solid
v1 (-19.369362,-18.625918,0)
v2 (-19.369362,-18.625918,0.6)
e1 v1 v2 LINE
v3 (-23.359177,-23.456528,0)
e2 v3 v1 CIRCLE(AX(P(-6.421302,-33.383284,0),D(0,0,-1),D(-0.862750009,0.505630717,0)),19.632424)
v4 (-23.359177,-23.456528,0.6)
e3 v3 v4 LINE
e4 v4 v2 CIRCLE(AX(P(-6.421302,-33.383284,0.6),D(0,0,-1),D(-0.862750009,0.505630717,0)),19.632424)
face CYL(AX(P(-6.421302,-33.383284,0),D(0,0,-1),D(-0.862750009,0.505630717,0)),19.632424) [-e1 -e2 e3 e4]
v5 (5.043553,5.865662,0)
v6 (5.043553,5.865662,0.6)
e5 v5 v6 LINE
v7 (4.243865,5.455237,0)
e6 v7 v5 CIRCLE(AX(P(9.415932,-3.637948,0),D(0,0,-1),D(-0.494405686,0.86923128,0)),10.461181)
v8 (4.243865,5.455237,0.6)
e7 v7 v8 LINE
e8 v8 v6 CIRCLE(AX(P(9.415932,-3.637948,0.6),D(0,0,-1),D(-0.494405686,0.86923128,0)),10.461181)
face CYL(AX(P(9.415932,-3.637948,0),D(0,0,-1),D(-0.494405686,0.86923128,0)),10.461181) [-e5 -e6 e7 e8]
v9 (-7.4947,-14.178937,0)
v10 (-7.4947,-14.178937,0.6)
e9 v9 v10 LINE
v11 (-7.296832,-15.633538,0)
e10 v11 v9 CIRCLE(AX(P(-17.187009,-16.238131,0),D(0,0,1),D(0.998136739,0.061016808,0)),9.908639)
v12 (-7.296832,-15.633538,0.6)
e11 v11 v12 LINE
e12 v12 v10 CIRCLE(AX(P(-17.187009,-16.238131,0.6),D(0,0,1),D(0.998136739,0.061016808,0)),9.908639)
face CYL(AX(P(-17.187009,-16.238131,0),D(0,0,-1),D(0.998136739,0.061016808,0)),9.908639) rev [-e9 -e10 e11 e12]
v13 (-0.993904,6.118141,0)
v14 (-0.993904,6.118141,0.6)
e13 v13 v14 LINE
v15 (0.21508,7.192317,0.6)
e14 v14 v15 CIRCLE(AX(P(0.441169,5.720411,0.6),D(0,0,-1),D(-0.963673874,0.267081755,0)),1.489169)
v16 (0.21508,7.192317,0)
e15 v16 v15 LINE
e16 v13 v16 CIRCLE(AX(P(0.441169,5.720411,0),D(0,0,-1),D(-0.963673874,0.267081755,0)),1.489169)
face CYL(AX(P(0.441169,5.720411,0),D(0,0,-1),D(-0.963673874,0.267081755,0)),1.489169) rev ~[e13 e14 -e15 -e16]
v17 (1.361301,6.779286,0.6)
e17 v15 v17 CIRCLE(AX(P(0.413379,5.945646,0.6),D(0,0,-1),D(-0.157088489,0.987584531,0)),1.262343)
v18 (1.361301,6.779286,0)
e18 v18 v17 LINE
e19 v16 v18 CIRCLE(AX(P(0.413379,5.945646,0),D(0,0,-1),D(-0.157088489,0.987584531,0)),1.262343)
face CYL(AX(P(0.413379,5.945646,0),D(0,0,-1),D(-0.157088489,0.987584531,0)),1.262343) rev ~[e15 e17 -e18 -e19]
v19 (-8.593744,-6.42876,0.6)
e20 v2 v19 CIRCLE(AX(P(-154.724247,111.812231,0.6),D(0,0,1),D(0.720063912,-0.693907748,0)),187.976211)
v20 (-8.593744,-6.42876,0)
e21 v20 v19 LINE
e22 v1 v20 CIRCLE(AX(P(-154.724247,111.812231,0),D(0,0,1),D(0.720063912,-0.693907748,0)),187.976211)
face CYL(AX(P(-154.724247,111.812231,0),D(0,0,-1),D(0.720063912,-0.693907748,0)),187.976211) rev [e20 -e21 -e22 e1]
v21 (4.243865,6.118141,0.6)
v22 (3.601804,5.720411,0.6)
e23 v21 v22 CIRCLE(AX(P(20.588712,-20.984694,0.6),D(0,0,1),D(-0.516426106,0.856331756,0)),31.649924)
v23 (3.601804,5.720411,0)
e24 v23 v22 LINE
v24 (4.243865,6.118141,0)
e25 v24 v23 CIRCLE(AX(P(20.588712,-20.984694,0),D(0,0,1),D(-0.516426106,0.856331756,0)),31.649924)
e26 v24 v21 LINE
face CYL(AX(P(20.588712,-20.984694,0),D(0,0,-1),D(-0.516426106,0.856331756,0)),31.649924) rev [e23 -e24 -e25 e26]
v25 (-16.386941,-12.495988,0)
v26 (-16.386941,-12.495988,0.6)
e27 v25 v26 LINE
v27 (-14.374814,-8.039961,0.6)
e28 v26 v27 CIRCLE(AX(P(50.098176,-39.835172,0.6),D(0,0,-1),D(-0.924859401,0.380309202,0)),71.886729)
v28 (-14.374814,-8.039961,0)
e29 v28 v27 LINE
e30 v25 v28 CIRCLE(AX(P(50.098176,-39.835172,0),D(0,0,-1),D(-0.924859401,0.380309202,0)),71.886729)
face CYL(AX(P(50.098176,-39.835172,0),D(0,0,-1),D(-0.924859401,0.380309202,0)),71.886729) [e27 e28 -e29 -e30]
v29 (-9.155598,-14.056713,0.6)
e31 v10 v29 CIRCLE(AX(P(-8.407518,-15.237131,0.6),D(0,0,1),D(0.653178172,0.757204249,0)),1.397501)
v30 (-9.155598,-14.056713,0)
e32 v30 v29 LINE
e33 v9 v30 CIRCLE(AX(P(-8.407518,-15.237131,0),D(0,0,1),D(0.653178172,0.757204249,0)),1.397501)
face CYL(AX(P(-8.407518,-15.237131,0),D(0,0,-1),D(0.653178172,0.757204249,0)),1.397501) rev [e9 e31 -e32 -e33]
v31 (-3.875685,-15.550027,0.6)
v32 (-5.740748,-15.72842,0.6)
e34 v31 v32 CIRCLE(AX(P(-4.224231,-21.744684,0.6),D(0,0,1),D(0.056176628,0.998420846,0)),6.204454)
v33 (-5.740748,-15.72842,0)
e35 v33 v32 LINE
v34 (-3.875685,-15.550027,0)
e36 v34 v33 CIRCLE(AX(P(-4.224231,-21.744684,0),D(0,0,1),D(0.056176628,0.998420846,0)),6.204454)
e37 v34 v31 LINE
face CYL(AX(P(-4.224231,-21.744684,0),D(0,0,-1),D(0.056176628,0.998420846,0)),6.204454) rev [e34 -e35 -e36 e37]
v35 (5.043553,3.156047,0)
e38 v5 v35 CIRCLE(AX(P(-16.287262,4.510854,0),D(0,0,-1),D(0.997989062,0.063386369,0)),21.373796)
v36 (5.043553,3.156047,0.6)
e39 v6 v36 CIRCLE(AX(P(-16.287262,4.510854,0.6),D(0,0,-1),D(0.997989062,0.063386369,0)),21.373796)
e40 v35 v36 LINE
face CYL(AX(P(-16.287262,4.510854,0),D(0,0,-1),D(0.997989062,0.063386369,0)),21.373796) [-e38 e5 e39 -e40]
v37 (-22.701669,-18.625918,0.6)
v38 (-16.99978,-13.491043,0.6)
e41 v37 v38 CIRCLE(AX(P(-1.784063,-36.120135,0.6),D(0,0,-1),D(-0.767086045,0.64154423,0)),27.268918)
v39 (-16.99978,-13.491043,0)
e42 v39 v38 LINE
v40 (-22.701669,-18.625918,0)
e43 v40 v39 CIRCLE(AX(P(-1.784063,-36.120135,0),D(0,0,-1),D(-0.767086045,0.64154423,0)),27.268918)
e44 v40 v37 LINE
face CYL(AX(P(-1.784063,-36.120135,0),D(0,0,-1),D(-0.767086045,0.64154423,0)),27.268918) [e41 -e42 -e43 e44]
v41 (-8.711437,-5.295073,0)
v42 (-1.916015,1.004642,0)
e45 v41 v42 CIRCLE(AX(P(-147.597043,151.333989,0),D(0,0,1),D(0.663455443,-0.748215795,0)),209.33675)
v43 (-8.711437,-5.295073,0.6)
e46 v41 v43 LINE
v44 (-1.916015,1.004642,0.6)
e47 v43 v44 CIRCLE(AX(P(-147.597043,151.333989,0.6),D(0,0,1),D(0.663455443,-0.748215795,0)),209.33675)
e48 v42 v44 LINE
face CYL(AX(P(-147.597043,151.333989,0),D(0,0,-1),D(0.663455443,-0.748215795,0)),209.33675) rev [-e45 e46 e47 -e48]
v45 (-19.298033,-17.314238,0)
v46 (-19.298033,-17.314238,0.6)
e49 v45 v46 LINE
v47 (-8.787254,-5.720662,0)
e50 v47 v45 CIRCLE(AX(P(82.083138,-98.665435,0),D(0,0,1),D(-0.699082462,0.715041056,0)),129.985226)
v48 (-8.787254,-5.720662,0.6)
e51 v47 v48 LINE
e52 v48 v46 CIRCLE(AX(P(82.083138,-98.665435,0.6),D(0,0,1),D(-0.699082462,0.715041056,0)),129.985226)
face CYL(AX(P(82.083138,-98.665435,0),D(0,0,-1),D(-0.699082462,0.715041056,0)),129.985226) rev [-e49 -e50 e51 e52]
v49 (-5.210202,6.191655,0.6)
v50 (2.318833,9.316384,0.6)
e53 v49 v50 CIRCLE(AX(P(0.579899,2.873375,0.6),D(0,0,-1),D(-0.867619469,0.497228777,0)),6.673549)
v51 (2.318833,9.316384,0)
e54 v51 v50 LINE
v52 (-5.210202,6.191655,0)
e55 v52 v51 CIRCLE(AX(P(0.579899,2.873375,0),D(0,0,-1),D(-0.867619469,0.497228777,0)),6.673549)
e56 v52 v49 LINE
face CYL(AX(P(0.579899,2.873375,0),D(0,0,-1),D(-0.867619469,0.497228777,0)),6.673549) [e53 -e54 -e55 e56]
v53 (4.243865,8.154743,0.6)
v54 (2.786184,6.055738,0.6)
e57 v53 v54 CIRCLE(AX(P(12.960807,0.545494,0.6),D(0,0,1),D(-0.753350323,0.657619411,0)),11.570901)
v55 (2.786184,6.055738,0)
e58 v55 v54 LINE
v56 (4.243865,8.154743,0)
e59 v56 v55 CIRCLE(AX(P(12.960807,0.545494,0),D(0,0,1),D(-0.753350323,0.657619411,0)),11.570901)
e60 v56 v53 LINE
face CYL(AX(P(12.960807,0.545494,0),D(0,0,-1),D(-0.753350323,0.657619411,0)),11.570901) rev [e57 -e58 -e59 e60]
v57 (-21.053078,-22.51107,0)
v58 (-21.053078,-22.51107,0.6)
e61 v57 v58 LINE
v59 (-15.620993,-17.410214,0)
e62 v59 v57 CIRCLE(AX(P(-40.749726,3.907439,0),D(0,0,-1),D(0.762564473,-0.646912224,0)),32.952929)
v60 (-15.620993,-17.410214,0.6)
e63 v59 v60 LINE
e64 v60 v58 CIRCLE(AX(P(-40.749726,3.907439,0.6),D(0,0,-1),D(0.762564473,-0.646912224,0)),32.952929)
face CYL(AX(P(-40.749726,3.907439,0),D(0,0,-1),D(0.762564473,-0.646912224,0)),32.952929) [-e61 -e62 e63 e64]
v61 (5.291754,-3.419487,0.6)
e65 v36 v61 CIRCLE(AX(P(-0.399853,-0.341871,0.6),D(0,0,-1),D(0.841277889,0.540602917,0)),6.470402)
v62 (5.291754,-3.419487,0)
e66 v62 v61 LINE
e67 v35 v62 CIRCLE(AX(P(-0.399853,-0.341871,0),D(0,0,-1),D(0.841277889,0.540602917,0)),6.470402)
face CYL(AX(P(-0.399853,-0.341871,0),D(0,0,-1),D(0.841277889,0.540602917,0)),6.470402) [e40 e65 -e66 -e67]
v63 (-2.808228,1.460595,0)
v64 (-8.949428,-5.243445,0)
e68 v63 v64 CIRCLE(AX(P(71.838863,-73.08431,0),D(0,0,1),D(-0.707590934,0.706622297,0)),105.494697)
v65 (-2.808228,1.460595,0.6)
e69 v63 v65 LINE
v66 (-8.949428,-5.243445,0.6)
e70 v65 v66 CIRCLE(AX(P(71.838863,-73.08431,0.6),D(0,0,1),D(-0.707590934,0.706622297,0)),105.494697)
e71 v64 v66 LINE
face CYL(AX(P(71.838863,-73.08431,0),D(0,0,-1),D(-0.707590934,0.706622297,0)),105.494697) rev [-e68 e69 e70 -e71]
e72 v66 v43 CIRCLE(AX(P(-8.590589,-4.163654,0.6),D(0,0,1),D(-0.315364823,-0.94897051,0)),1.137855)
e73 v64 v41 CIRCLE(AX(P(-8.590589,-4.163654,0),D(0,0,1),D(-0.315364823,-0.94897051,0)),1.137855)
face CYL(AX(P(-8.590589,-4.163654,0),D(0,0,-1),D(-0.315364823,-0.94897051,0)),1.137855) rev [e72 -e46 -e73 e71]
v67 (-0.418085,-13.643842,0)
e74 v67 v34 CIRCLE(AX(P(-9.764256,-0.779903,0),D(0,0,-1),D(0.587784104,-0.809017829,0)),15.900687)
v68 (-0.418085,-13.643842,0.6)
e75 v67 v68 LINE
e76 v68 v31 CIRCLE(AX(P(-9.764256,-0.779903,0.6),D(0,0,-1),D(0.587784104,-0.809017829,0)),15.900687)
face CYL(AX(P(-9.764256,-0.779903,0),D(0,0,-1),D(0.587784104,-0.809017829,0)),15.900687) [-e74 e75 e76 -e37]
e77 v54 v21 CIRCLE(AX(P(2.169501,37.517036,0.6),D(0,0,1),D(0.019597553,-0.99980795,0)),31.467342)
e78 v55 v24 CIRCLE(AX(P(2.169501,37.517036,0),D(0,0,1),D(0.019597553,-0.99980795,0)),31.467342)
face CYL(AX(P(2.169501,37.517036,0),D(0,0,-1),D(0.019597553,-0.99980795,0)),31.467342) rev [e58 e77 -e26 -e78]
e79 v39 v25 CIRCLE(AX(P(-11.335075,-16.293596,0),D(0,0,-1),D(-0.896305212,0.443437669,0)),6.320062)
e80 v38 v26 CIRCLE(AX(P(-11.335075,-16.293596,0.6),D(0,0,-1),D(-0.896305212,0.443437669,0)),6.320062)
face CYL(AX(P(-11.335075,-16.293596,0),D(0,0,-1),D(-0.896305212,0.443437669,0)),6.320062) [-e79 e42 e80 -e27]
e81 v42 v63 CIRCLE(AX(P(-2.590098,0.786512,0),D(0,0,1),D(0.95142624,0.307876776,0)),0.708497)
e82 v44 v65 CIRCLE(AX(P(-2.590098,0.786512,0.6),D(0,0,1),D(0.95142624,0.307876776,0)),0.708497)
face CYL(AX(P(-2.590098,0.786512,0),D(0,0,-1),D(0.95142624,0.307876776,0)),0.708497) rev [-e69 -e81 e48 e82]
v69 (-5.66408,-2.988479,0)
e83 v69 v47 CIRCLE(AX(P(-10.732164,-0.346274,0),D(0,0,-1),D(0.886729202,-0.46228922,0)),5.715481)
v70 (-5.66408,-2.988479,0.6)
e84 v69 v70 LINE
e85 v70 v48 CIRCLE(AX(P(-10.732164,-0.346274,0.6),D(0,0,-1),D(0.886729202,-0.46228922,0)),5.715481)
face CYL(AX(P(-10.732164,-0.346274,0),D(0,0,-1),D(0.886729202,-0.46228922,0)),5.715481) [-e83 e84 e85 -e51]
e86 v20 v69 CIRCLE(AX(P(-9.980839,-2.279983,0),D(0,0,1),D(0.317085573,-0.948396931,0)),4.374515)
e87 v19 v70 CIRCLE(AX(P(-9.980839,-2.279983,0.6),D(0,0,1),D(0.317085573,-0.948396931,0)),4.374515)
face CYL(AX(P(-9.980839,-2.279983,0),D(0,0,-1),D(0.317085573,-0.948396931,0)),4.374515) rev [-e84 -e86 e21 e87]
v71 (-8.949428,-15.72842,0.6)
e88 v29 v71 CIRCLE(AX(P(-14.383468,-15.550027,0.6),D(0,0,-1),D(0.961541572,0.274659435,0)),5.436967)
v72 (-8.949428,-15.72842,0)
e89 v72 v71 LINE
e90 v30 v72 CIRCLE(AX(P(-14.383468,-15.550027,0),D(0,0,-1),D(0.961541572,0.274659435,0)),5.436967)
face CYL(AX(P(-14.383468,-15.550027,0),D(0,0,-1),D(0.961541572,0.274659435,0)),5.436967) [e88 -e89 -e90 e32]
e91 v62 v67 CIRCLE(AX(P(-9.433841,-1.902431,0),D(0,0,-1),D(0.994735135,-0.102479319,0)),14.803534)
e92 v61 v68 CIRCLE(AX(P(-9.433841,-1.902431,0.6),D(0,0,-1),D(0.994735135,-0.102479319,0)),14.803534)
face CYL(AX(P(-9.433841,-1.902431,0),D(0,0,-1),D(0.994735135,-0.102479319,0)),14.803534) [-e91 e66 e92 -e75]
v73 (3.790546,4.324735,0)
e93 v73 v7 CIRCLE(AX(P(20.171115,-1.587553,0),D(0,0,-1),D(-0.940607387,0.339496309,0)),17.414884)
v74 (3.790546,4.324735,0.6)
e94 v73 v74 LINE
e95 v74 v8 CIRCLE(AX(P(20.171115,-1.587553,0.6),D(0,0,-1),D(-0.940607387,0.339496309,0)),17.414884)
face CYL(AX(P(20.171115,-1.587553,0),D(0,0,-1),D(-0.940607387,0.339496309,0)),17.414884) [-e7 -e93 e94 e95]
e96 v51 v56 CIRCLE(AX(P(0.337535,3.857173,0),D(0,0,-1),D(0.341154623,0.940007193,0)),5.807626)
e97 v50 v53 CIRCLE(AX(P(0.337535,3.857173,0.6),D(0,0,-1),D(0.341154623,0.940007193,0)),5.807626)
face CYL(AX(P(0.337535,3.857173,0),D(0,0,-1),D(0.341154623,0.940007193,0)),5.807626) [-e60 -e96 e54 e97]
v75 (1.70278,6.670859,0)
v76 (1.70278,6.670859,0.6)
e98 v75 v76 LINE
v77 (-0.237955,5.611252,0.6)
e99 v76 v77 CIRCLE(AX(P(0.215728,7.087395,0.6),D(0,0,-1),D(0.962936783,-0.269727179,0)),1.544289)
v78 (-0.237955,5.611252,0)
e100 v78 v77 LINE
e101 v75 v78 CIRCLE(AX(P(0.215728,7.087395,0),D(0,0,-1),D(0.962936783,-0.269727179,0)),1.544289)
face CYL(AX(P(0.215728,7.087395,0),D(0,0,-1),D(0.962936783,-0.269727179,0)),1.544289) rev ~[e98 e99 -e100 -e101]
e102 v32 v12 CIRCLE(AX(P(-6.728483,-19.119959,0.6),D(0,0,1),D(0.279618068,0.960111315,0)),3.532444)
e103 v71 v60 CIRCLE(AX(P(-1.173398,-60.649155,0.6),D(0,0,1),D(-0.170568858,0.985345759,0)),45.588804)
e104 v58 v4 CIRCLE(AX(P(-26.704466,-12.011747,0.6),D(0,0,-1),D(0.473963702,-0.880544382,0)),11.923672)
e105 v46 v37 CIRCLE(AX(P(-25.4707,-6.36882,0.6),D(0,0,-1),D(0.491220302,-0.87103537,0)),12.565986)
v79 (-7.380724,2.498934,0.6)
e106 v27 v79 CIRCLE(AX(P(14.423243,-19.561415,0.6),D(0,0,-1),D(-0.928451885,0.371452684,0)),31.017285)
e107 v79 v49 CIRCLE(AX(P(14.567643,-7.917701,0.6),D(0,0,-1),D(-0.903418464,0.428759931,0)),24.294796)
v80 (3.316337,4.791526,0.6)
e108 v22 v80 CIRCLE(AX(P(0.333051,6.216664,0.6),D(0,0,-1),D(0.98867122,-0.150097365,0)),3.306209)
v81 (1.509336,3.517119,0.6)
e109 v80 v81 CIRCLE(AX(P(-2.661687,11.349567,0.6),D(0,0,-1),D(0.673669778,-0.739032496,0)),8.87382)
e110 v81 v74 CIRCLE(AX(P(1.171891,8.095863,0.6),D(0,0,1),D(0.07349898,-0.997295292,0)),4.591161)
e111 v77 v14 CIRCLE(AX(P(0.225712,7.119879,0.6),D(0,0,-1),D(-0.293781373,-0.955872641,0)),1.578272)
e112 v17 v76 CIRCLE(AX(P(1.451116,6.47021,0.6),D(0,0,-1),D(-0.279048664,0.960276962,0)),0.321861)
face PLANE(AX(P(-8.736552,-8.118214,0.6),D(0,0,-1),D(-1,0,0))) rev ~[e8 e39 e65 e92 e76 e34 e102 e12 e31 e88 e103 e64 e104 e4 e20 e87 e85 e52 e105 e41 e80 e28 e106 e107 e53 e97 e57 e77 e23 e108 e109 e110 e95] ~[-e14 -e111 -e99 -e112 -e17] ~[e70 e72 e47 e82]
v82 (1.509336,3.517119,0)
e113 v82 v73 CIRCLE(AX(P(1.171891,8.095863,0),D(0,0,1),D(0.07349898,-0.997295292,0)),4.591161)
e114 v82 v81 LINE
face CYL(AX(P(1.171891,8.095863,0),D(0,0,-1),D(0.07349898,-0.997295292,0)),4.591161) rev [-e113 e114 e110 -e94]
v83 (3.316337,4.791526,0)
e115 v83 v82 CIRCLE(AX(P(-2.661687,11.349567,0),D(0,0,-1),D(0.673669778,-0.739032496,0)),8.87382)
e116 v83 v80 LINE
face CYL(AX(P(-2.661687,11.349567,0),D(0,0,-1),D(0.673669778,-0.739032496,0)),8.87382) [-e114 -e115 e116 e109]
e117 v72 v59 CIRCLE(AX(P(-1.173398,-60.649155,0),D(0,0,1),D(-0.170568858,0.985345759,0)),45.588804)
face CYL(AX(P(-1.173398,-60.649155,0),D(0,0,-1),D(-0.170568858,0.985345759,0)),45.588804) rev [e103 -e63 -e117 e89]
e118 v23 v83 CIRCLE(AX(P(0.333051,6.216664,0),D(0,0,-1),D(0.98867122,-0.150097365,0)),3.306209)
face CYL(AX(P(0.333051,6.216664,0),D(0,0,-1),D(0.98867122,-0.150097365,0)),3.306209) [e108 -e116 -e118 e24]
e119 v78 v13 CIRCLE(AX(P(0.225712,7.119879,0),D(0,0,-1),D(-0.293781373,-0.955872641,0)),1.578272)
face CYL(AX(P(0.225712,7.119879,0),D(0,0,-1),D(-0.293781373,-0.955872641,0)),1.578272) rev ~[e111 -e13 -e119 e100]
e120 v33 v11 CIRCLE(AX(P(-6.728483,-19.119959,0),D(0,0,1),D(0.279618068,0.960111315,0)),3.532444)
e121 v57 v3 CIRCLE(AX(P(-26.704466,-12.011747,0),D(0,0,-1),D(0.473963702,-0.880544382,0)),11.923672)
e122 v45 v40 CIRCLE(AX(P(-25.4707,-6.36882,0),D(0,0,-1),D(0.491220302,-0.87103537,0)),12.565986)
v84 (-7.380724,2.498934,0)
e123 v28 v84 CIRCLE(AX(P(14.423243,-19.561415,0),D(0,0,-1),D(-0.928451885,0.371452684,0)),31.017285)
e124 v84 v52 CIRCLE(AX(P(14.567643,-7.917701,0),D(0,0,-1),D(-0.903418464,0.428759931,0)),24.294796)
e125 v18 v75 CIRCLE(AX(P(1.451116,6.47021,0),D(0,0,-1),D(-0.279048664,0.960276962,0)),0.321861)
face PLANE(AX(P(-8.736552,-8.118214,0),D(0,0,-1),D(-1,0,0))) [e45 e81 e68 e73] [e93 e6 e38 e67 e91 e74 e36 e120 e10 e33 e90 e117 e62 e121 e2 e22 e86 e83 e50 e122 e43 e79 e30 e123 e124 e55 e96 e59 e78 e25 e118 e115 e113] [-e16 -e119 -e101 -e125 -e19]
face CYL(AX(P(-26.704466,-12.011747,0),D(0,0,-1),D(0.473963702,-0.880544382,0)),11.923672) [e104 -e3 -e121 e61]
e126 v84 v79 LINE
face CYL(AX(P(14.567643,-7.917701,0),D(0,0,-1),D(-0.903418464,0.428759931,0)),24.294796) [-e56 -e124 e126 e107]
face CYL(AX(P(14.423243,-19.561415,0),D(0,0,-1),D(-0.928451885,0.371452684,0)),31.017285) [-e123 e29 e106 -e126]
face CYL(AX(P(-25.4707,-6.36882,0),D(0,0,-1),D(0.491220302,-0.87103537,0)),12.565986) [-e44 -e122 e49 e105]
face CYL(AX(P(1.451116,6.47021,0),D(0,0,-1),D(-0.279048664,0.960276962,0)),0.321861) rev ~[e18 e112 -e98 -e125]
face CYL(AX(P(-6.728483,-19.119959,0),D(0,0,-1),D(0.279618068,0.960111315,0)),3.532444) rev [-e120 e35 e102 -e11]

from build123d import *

# Parameters (mm, degrees)
EXTRUDE_1_DEPTH = 0.6


with BuildPart() as part:
    # 스케치1 → 보스-돌출1 (new body)
    with BuildSketch(Plane.XY):
        with BuildLine():
            ThreePointArc((4.243865228, 6.118140931), (3.92164821, 5.921191263), (3.601804057, 5.720411047))
            ThreePointArc((3.601804057, 5.720411047), (3.493384012, 5.24542324), (3.316336948, 4.791526049))
            ThreePointArc((3.316336948, 4.791526049), (2.452686661, 4.097818684), (1.509336268, 3.517119312))
            ThreePointArc((1.509336268, 3.517119312), (2.704109532, 3.767922564), (3.790546418, 4.324735205))
            ThreePointArc((3.790546418, 4.324735205), (4.007319334, 4.893950514), (4.243865228, 5.455237077))
            ThreePointArc((4.243865228, 5.455237077), (4.639299082, 5.669042259), (5.043553271, 5.865661533))
            ThreePointArc((5.043553271, 5.865661533), (5.086534646, 4.510854203), (5.043553271, 3.156046874))
            ThreePointArc((5.043553271, 3.156046874), (6.065944614, -0.097812915), (5.291753627, -3.419486575))
            ThreePointArc((5.291753627, -3.419486575), (3.490836657, -9.120276828), (-0.418085028, -13.643842092))
            ThreePointArc((-0.418085028, -13.643842092), (-2.087490816, -14.704669315), (-3.875685356, -15.550027444))
            ThreePointArc((-3.875685356, -15.550027444), (-4.814989199, -15.5684183), (-5.740747963, -15.728420312))
            ThreePointArc((-5.740747963, -15.728420312), (-6.513490531, -15.594064313), (-7.296832392, -15.633537604))
            ThreePointArc((-7.296832392, -15.633537604), (-7.368791385, -14.902567754), (-7.494700457, -14.178936686))
            ThreePointArc((-7.494700457, -14.178936686), (-8.304954519, -13.843397992), (-9.155598119, -14.056713079))
            ThreePointArc((-9.155598119, -14.056713079), (-8.9873833, -14.884534295), (-8.949428325, -15.728420312))
            ThreePointArc((-8.949428325, -15.728420312), (-12.316982906, -16.443277918), (-15.620992713, -17.410213517))
            ThreePointArc((-15.620992713, -17.410213517), (-18.192390504, -20.114679115), (-21.053078027, -22.511069665))
            ThreePointArc((-21.053078027, -22.511069665), (-22.181356159, -23.04421905), (-23.359176817, -23.456527561))
            ThreePointArc((-23.359176817, -23.456527561), (-21.55820937, -20.881039072), (-19.369361534, -18.625918265))
            ThreePointArc((-19.369361534, -18.625918265), (-13.849484699, -12.644014904), (-8.593743971, -6.428759681))
            ThreePointArc((-8.593743971, -6.428759681), (-6.650317937, -5.116178912), (-5.664079914, -2.988478841))
            ThreePointArc((-5.664079914, -2.988478841), (-6.968956966, -4.648017071), (-8.787254134, -5.720661777))
            ThreePointArc((-8.787254134, -5.720661777), (-14.217270083, -11.359132573), (-19.298032623, -17.314237787))
            ThreePointArc((-19.298032623, -17.314237787), (-20.952003277, -18.09423566), (-22.701668736, -18.625918265))
            ThreePointArc((-22.701668736, -18.625918265), (-20.032240522, -15.856920342), (-16.99977962, -13.491042629))
            ThreePointArc((-16.99977962, -13.491042629), (-16.716409139, -12.979319841), (-16.386941379, -12.49598762))
            ThreePointArc((-16.386941379, -12.49598762), (-15.418772116, -10.250862917), (-14.374813618, -8.039960994))
            ThreePointArc((-14.374813618, -8.039960994), (-11.420678404, -2.410213973), (-7.380723905, 2.498934021))
            ThreePointArc((-7.380723905, 2.498934021), (-6.377004033, 4.393223264), (-5.210202068, 6.191655495))
            ThreePointArc((-5.210202068, 6.191655495), (-1.978219396, 9.037163181), (2.318833307, 9.316383632))
            ThreePointArc((2.318833307, 9.316383632), (3.338100738, 8.829609856), (4.243865228, 8.154742835))
            ThreePointArc((4.243865228, 8.154742835), (3.456899221, 7.145606029), (2.786183745, 6.055737532))
            ThreePointArc((2.786183745, 6.055737532), (3.51538621, 6.078489728), (4.243865228, 6.118140931))
        make_face()
        with BuildLine():
            ThreePointArc((-2.808227805, 1.460594831), (-5.951081989, -1.825237175), (-8.949428325, -5.243444841))
            ThreePointArc((-8.949428325, -5.243444841), (-8.831818054, -5.27564433), (-8.711437416, -5.295073305))
            ThreePointArc((-8.711437416, -5.295073305), (-5.278864783, -2.182820323), (-1.91601492, 1.004641725))
            ThreePointArc((-1.91601492, 1.004641725), (-2.267690382, 1.417401617), (-2.808227805, 1.460594831))
        make_face(mode=Mode.SUBTRACT)
        with BuildLine():
            ThreePointArc((-0.993904208, 6.118140931), (-0.547936142, 6.833647448), (0.215079605, 7.192317298))
            ThreePointArc((0.215079605, 7.192317298), (0.841318807, 7.133240086), (1.361301437, 6.779285683))
            ThreePointArc((1.361301437, 6.779285683), (1.548522148, 6.776978051), (1.702780334, 6.670858627))
            ThreePointArc((1.702780334, 6.670858627), (0.955764837, 5.731971759), (-0.237955168, 5.611252025))
            ThreePointArc((-0.237955168, 5.611252025), (-0.653261747, 5.809021292), (-0.993904208, 6.118140931))
        make_face(mode=Mode.SUBTRACT)
    extrude(amount=EXTRUDE_1_DEPTH)


solid = part.part
